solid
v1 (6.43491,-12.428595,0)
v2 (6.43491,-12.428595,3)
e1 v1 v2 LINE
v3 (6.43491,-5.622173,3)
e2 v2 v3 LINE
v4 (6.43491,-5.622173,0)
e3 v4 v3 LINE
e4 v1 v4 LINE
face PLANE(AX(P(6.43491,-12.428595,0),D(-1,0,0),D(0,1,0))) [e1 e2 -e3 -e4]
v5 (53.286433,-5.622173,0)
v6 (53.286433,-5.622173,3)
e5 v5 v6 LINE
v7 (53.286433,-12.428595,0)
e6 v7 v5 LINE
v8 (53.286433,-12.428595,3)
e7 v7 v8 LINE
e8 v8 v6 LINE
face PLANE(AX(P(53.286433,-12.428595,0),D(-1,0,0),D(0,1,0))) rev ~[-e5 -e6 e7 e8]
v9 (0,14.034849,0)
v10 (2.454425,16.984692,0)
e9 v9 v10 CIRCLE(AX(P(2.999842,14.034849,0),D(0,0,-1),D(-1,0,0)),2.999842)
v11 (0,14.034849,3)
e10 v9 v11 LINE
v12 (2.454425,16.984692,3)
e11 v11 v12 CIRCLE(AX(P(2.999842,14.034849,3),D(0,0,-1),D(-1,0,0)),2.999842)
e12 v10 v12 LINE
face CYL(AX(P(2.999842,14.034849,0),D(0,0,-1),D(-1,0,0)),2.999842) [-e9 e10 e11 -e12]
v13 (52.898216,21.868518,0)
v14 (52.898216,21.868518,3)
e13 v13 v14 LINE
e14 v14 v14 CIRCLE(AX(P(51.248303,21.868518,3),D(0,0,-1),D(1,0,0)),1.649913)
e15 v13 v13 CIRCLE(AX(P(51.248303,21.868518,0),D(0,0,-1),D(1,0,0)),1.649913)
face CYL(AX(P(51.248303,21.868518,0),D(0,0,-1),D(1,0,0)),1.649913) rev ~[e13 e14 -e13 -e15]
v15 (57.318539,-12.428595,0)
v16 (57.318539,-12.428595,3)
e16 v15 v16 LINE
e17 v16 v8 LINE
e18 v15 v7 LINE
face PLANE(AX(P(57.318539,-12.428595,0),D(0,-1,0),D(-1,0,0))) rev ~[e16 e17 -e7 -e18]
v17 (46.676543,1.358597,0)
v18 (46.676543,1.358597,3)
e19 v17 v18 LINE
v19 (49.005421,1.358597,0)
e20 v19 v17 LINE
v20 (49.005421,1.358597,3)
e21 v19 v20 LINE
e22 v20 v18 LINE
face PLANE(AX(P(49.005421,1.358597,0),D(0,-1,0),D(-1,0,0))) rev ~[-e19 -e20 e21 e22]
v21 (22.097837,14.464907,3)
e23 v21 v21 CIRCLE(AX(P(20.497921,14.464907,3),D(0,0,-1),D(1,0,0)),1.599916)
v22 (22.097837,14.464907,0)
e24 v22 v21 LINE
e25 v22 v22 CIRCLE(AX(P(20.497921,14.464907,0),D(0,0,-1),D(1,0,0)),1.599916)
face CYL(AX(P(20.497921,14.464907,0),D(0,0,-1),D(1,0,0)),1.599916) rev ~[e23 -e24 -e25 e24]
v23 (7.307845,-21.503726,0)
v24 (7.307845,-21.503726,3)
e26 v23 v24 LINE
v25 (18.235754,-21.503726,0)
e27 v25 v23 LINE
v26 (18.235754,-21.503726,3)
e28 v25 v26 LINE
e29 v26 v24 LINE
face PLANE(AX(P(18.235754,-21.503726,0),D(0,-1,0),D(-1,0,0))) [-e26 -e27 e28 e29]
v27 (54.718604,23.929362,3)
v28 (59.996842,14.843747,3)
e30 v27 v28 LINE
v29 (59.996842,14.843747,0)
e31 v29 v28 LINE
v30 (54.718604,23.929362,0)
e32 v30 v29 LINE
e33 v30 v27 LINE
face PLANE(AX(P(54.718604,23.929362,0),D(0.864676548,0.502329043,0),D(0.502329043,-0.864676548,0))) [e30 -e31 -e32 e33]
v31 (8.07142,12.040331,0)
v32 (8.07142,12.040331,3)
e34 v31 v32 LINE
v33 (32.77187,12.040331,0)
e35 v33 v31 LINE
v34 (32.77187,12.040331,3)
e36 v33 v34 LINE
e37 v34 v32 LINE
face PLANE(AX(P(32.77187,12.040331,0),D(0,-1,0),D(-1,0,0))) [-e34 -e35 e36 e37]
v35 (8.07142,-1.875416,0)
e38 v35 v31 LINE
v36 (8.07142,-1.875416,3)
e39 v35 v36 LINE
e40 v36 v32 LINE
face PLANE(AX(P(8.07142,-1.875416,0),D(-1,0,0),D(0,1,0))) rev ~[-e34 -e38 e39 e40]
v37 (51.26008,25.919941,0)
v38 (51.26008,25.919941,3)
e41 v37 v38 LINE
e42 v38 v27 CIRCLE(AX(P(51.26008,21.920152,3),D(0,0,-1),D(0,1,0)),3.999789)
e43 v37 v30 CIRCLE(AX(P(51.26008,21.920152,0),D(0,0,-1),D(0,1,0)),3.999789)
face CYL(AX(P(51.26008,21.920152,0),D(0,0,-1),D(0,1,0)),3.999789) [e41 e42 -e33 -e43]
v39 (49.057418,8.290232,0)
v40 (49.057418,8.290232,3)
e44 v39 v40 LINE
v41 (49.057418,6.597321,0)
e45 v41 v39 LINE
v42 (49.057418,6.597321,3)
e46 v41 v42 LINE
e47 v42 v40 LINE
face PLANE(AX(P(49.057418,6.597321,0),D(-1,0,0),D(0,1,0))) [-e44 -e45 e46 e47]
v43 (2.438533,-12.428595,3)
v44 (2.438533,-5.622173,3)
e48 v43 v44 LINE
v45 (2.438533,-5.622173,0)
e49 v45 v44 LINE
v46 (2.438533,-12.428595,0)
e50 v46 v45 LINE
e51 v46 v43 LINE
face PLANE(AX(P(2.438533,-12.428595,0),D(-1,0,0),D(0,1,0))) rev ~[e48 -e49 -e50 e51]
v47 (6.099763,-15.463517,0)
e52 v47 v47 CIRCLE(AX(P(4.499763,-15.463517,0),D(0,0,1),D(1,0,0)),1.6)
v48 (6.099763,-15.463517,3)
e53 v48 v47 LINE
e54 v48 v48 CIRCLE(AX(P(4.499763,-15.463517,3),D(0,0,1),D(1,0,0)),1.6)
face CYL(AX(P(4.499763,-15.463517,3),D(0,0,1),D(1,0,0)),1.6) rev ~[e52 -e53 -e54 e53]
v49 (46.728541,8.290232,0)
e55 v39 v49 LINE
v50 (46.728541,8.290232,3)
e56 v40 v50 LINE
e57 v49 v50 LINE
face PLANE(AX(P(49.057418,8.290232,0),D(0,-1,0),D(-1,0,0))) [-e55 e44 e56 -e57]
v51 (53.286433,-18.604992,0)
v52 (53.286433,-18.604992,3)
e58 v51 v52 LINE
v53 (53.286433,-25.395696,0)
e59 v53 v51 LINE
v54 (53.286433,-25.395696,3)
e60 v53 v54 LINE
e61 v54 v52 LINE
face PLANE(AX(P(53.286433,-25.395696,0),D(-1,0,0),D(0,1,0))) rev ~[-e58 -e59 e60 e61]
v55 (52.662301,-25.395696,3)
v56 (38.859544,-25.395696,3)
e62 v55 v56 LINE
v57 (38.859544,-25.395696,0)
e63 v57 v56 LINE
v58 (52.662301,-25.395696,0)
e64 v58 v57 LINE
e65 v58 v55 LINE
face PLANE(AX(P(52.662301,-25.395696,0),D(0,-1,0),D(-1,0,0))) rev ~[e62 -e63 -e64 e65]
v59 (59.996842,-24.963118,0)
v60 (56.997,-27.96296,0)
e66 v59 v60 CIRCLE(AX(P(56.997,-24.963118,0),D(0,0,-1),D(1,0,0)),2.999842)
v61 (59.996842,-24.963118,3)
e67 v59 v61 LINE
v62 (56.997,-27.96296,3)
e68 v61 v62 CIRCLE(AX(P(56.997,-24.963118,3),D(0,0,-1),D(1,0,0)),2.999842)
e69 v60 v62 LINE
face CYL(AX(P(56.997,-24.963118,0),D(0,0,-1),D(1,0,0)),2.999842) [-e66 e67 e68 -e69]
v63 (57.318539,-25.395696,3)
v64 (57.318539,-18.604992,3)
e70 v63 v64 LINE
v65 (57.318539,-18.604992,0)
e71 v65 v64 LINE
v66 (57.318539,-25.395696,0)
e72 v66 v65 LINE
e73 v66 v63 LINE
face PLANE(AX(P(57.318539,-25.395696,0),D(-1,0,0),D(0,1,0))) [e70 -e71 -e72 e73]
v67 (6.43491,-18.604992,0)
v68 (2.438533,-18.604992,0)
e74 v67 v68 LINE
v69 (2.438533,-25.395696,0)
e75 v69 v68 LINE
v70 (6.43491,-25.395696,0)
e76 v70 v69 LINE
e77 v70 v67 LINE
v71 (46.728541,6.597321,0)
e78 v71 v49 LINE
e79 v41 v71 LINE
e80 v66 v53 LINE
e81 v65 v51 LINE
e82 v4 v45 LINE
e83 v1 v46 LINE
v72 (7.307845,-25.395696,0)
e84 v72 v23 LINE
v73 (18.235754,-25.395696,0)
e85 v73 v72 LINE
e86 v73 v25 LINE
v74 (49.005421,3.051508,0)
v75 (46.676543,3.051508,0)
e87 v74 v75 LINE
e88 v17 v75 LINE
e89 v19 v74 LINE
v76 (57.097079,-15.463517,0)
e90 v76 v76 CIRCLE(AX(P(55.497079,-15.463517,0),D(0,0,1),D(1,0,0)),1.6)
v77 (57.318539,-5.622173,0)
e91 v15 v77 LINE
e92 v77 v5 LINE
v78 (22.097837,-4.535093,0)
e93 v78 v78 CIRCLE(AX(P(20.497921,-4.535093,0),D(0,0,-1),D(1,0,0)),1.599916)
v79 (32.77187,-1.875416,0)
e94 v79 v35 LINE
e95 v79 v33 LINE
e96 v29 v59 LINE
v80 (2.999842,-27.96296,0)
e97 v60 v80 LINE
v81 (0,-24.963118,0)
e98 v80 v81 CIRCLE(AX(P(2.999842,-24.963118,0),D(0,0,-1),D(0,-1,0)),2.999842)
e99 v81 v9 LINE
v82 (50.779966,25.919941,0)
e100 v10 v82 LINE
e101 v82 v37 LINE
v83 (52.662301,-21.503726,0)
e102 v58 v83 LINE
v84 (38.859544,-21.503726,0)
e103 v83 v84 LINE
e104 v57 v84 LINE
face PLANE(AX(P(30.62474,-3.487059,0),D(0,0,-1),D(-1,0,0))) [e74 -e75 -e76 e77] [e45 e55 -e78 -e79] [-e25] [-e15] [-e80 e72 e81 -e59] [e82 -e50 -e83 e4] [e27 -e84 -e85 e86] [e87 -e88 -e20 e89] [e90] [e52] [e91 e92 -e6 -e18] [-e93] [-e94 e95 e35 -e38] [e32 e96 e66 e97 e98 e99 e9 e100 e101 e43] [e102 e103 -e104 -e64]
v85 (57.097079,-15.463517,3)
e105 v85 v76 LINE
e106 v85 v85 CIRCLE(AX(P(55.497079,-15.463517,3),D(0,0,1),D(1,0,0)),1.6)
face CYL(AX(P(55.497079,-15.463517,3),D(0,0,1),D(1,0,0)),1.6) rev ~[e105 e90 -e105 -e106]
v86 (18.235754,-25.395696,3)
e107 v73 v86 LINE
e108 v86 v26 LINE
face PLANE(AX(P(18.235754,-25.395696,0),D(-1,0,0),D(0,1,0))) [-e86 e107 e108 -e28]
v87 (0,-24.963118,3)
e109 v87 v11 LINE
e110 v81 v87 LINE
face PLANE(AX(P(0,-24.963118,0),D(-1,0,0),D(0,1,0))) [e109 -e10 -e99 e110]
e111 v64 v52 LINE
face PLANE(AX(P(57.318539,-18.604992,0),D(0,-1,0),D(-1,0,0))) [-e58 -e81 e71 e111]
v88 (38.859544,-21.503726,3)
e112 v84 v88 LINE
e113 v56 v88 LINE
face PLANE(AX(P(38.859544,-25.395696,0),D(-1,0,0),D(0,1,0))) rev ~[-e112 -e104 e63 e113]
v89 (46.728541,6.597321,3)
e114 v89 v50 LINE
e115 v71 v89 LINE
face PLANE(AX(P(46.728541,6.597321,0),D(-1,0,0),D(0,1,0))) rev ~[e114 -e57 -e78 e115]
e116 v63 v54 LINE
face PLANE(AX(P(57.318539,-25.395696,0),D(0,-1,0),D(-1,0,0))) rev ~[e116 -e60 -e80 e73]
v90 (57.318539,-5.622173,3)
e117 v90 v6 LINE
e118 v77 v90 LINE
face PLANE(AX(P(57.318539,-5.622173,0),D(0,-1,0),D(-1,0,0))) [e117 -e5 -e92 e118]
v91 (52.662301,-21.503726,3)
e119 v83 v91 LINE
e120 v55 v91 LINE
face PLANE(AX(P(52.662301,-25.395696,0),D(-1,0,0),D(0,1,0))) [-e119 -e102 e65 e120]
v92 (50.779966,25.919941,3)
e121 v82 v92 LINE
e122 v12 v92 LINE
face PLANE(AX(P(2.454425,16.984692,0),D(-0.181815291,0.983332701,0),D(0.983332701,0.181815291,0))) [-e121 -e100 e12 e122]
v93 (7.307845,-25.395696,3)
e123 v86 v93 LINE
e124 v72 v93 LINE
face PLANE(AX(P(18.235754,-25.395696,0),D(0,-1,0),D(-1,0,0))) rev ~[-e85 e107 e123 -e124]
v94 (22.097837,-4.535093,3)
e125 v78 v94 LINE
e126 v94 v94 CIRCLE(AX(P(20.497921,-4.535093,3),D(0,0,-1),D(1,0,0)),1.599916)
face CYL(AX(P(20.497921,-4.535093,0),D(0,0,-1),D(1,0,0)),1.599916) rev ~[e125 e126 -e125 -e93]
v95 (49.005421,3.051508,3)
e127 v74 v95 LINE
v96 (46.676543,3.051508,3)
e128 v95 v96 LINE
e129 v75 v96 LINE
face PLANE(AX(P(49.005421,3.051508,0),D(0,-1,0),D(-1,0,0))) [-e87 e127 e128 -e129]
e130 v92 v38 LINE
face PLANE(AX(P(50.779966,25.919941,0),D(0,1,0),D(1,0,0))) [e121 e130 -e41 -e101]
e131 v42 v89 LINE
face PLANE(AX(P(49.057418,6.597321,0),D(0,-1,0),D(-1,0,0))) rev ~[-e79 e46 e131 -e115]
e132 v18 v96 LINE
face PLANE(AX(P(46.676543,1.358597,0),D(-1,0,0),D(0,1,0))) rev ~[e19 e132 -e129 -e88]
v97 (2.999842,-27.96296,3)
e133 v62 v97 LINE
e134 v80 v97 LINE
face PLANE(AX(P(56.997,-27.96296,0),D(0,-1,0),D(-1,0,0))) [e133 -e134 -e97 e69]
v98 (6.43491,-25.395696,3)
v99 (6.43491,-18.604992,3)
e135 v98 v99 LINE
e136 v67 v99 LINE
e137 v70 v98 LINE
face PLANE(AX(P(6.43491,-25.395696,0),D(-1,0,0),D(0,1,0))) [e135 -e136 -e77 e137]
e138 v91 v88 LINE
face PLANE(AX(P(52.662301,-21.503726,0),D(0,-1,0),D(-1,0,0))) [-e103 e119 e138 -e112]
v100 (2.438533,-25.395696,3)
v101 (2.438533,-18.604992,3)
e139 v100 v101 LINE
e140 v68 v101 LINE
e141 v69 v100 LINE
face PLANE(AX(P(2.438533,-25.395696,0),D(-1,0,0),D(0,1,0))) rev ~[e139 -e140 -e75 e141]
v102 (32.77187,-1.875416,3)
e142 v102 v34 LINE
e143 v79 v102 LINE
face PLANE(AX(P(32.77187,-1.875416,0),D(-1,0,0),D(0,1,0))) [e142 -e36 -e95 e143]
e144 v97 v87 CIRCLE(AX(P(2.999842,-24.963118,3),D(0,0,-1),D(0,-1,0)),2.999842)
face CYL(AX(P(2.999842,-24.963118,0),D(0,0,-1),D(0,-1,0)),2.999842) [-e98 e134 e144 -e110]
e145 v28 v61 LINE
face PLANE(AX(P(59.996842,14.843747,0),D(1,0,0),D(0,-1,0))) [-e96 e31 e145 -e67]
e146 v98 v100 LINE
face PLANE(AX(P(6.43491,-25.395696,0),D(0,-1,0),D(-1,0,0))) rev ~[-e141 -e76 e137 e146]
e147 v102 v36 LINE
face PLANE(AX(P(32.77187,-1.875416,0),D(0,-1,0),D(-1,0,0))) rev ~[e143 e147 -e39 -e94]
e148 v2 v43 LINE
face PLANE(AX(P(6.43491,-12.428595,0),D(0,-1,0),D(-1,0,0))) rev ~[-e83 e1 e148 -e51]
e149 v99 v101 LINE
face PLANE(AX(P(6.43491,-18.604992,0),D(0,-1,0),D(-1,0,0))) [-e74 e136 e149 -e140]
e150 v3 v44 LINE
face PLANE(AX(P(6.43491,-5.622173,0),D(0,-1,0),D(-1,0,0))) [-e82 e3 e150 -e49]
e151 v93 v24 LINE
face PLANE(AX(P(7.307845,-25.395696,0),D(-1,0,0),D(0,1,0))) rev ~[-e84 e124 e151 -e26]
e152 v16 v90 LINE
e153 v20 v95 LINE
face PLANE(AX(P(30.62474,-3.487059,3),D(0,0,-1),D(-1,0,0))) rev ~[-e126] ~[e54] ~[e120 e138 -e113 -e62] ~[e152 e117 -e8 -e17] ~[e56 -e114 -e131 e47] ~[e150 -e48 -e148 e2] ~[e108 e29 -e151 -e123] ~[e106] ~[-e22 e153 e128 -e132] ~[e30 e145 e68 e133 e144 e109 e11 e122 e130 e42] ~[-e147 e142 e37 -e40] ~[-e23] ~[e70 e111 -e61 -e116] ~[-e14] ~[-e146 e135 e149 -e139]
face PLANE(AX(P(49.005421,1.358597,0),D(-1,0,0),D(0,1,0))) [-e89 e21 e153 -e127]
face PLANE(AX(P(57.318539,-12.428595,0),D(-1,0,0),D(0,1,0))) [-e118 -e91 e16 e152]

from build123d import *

# Parameters (mm, degrees)
SKETCH_1_R          = 1.358928477
SKETCH_1_R_2        = 1.599915794
SKETCH_1_R_3        = 1.649913162
SKETCH_1_W          = 3.996376927
SKETCH_1_H          = 6.806421868
SKETCH_1_H_2        = 6.790704991
SKETCH_1_W_2        = 4.032106697
SKETCH_1_W_3        = 10.92790885
SKETCH_1_H_3        = 3.891970495
SKETCH_1_W_4        = 13.80275679
SKETCH_1_W_5        = 2.328877428
SKETCH_1_H_4        = 1.692910899
SKETCH_1_W_6        = 2.328877427
SKETCH_1_H_5        = 1.6929109
SKETCH_1_W_7        = 24.700449722
SKETCH_1_H_6        = 13.915746322
EXTRUDE_1_DEPTH     = 3
SKETCH_2_R          = 1.6
CUT_EXTRUDE_1_DEPTH = 67.261211836


with BuildPart() as part:
    # 草图1 → 凸台-拉伸1 (new body)
    with BuildSketch(Plane(origin=(0, 0, 0), x_dir=(-1, 0, 0), z_dir=(0, 0, -1))):
        with BuildLine():
            Line((-56.997000158, -27.962959634), (-2.999842114, -27.962959634))
            ThreePointArc((-2.999842114, -27.962959634), (-0.878633413, -27.084326221), (0, -24.96311752))
            Line((0, -24.96311752), (0, 14.034849413))
            ThreePointArc((0, 14.034849413), (-0.693847958, 15.953558265), (-2.454424946, 16.984692259))
            Line((-2.454424946, 16.984692259), (-50.77996637, 25.919941108))
            Line((-50.77996637, 25.919941108), (-51.260080297, 25.919941108))
            ThreePointArc((-51.260080297, 25.919941108), (-53.255311763, 25.386759089), (-54.718604462, 23.929362046))
            Line((-54.718604462, 23.929362046), (-59.996842271, 14.843746718))
            Line((-59.996842271, 14.843746718), (-59.996842271, -24.96311752))
            ThreePointArc((-59.996842271, -24.96311752), (-59.118208859, -27.084326221), (-56.997000158, -27.962959634))
        make_face()
        with Locations(Location((-55.497079101, -15.463517499, 0), (0, 0, 180))):
            Circle(SKETCH_1_R, mode=Mode.SUBTRACT)
        with Locations(Location((-4.49976317, -15.463517499, 0), (0, 0, 180))):
            Circle(SKETCH_1_R, mode=Mode.SUBTRACT)
        with Locations(Location((-20.497921162, -4.53509268, 0), (0, 0, 180))):
            Circle(SKETCH_1_R_2, mode=Mode.SUBTRACT)
        with Locations(Location((-20.497921162, 14.46490732, 0), (0, 0, 180))):
            Circle(SKETCH_1_R_2, mode=Mode.SUBTRACT)
        with Locations(Location((-51.248302721, 21.868517657, 0), (0, 0, 180))):
            Circle(SKETCH_1_R_3, mode=Mode.SUBTRACT)
        with Locations((-4.436721131, -9.025383771)):
            Rectangle(SKETCH_1_W, SKETCH_1_H, mode=Mode.SUBTRACT)
        with Locations((-4.436721131, -22.000344001)):
            Rectangle(SKETCH_1_W, SKETCH_1_H_2, mode=Mode.SUBTRACT)
        with Locations((-55.302485972, -22.000344001)):
            Rectangle(SKETCH_1_W_2, SKETCH_1_H_2, mode=Mode.SUBTRACT)
        with Locations((-55.302485972, -9.025383771)):
            Rectangle(SKETCH_1_W_2, SKETCH_1_H, mode=Mode.SUBTRACT)
        with Locations((-12.771799921, -23.449711249)):
            Rectangle(SKETCH_1_W_3, SKETCH_1_H_3, mode=Mode.SUBTRACT)
        with Locations((-45.760922572, -23.449711249)):
            Rectangle(SKETCH_1_W_4, SKETCH_1_H_3, mode=Mode.SUBTRACT)
        with Locations((-47.892979317, 7.443776854)):
            Rectangle(SKETCH_1_W_5, SKETCH_1_H_4, mode=Mode.SUBTRACT)
        with Locations((-47.840982053, 2.205052576)):
            Rectangle(SKETCH_1_W_6, SKETCH_1_H_5, mode=Mode.SUBTRACT)
        with Locations((-20.421644705, 5.082457397)):
            Rectangle(SKETCH_1_W_7, SKETCH_1_H_6, mode=Mode.SUBTRACT)
    extrude(amount=-EXTRUDE_1_DEPTH)

    # 草图2 → 切除-拉伸1 (cut, through all)
    with BuildSketch(Plane.XY.offset(3)):
        with Locations((55.497079101, -15.463517499)):
            Circle(SKETCH_2_R)
        with Locations((4.49976317, -15.463517499)):
            Circle(SKETCH_2_R)
    extrude(amount=-CUT_EXTRUDE_1_DEPTH, mode=Mode.SUBTRACT)


solid = part.part
